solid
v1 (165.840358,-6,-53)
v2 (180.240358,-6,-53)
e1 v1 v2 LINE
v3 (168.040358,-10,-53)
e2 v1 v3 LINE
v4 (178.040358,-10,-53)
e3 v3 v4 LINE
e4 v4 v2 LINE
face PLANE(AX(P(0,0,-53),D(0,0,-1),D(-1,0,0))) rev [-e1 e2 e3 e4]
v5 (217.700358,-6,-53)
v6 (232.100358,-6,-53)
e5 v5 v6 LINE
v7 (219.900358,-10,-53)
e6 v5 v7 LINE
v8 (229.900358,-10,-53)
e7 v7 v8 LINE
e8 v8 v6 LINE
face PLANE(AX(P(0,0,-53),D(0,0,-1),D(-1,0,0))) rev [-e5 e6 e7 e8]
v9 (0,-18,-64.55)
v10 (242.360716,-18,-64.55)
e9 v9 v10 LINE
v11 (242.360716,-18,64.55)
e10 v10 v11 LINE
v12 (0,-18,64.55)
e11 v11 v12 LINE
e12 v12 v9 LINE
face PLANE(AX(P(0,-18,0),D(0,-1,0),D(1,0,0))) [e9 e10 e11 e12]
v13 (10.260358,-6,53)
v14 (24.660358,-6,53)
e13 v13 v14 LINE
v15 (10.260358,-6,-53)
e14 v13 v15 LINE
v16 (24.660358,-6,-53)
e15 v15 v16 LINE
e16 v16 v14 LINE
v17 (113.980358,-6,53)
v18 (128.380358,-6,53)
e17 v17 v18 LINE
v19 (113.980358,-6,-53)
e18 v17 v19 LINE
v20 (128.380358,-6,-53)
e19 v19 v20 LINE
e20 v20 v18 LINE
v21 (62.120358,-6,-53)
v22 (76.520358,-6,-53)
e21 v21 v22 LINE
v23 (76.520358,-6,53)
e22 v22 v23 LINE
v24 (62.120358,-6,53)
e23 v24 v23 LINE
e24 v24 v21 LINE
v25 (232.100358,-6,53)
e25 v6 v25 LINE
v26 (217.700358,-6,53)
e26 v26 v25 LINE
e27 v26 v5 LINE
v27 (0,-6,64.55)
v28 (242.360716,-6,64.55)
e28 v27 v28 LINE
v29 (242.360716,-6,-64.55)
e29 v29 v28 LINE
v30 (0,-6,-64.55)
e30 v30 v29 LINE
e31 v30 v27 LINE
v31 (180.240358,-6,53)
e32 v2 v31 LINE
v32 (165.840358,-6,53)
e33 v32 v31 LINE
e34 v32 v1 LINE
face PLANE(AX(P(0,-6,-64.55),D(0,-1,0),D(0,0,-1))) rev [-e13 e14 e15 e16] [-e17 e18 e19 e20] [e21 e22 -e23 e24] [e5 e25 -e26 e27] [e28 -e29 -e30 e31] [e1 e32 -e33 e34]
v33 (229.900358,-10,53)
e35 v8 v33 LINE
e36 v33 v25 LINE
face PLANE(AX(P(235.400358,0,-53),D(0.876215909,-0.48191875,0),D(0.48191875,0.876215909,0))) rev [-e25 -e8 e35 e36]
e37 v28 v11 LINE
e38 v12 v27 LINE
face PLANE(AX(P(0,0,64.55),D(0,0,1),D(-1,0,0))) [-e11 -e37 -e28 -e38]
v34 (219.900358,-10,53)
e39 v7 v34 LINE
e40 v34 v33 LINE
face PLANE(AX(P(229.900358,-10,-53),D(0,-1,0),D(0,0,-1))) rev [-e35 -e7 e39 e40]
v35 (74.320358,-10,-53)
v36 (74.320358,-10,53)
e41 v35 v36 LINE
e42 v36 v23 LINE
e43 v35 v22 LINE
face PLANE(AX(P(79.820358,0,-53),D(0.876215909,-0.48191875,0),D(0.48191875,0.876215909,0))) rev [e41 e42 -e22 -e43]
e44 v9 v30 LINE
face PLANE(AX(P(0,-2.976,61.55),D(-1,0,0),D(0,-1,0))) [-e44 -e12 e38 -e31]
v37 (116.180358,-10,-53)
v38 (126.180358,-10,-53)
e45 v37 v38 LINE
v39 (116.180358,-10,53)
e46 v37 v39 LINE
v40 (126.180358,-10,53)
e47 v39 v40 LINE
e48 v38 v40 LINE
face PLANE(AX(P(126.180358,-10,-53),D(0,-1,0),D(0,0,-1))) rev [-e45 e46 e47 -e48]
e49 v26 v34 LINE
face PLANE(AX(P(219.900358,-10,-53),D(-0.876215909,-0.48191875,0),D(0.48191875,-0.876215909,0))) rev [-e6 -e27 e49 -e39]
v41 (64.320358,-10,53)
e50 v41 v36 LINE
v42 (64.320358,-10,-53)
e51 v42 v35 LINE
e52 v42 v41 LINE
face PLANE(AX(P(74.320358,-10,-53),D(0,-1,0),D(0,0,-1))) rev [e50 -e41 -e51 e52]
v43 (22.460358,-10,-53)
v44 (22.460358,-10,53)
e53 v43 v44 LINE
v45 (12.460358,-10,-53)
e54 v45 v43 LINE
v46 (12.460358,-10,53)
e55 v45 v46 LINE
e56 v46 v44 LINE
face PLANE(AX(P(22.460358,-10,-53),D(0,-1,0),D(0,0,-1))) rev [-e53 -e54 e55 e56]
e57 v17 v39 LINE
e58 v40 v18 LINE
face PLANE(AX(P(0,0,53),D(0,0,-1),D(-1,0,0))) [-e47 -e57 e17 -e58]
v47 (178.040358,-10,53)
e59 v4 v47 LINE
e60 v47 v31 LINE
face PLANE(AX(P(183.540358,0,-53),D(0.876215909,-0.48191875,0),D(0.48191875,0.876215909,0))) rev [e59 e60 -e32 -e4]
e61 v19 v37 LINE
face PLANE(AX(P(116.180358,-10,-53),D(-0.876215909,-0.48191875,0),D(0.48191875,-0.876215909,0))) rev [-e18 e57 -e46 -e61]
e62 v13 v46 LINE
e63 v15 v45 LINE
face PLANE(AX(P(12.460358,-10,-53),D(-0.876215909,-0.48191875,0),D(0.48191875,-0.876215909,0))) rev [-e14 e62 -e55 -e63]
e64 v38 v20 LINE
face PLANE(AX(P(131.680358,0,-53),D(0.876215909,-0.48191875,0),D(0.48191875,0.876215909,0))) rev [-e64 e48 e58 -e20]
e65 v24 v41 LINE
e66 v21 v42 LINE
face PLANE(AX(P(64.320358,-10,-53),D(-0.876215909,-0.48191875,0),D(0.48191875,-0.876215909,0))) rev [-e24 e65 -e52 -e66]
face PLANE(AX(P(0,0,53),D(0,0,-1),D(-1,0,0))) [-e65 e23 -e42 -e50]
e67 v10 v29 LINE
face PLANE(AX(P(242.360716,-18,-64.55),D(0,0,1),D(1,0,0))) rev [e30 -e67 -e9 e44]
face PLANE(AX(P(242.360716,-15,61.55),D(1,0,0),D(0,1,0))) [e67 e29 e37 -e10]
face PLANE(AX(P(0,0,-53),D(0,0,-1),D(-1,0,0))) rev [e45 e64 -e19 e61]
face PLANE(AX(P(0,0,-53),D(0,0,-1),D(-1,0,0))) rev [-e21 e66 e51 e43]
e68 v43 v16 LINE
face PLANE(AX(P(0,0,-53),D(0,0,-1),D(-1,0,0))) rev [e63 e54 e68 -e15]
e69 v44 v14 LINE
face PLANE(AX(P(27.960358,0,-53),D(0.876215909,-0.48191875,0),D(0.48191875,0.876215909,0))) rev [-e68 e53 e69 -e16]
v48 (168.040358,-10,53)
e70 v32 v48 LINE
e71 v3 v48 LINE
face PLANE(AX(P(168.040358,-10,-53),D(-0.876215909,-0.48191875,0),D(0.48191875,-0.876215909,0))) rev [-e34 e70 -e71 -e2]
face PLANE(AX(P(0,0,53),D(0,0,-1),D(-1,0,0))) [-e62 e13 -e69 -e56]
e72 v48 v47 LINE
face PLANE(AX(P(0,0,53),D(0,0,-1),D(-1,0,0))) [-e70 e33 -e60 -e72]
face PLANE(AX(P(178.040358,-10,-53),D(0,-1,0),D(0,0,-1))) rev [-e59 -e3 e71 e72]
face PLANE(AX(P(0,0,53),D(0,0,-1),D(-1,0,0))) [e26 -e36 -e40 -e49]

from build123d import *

# Parameters (mm, degrees)
EXTRUDE_1_DEPTH     = 60
SKETCH_9_W          = 242.360715673
SKETCH_9_H          = 17.5
SKETCH_9_R          = 2.1
EXTRUDE_2_DEPTH     = 3
SKETCH_13_W         = 242.360715673
SKETCH_13_H         = 16
SKETCH_13_R         = 2.1
EXTRUDE_3_DEPTH     = 1.55
SKETCH_14_W         = 242.360715673
SKETCH_14_H         = 129.1
SKETCH_14_R         = 2.1
EXTRUDE_4_DEPTH     = 3
SKETCH_15_W         = 222.641049517
SKETCH_15_H         = 9.29970853
EXTRUDE_5_DEPTH     = 129.1
SKETCH_16_W         = 242.360715673
SKETCH_16_H         = 33.21324475
EXTRUDE_6_DEPTH     = 3
SKETCH_18_W         = 242.360715673
SKETCH_18_H         = 20.5
EXTRUDE_7_DEPTH     = 126.1
SKETCH_19_W         = 242.360715673
SKETCH_19_H         = 8.5
CUT_EXTRUDE_1_DEPTH = 276.18998256
CUT_EXTRUDE_2_DEPTH = 53


with BuildPart() as part:
    # ｽｹｯﾁ5 → ﾎﾞｽ - 押し出し1 (new body)
    with BuildSketch(Plane.XY.offset(-1.55)):
        with BuildLine():
            Line((242.360715673, -15), (242.360715673, -2.976))
            Line((242.360715673, -2.976), (240.239284327, -2.976))
            ThreePointArc((240.239284327, -2.976), (239.45348461, -2.728238301), (238.951905437, -2.074567596))
            Line((238.951905437, -2.074567596), (238.196824583, 0))
            Line((238.196824583, 0), (231.703175417, 0))
            Line((231.703175417, 0), (230.948094563, -2.074567596))
            ThreePointArc((230.948094563, -2.074567596), (230.44651539, -2.728238301), (229.660715673, -2.976))
            Line((229.660715673, -2.976), (227.539284327, -2.976))
            ThreePointArc((227.539284327, -2.976), (226.75348461, -2.728238301), (226.251905437, -2.074567596))
            Line((226.251905437, -2.074567596), (225.496824583, 0))
            Line((225.496824583, 0), (219.003175417, 0))
            Line((219.003175417, 0), (218.248094563, -2.074567596))
            ThreePointArc((218.248094563, -2.074567596), (217.74651539, -2.728238301), (216.960715673, -2.976))
            Line((216.960715673, -2.976), (214.839284327, -2.976))
            ThreePointArc((214.839284327, -2.976), (214.05348461, -2.728238301), (213.551905437, -2.074567596))
            Line((213.551905437, -2.074567596), (212.796824583, 0))
            Line((212.796824583, 0), (206.303175417, 0))
            Line((206.303175417, 0), (205.548094563, -2.074567596))
            ThreePointArc((205.548094563, -2.074567596), (205.04651539, -2.728238301), (204.260715673, -2.976))
            Line((204.260715673, -2.976), (202.139284327, -2.976))
            ThreePointArc((202.139284327, -2.976), (201.35348461, -2.728238301), (200.851905437, -2.074567596))
            Line((200.851905437, -2.074567596), (200.096824583, 0))
            Line((200.096824583, 0), (193.603175417, 0))
            Line((193.603175417, 0), (192.848094563, -2.074567596))
            ThreePointArc((192.848094563, -2.074567596), (192.34651539, -2.728238301), (191.560715673, -2.976))
            Line((191.560715673, -2.976), (189.439284327, -2.976))
            ThreePointArc((189.439284327, -2.976), (188.65348461, -2.728238301), (188.151905437, -2.074567596))
            Line((188.151905437, -2.074567596), (187.396824583, 0))
            Line((187.396824583, 0), (180.903175417, 0))
            Line((180.903175417, 0), (180.148094563, -2.074567596))
            ThreePointArc((180.148094563, -2.074567596), (179.64651539, -2.728238301), (178.860715673, -2.976))
            Line((178.860715673, -2.976), (176.739284327, -2.976))
            ThreePointArc((176.739284327, -2.976), (175.95348461, -2.728238301), (175.451905437, -2.074567596))
            Line((175.451905437, -2.074567596), (174.696824583, 0))
            Line((174.696824583, 0), (168.203175417, 0))
            Line((168.203175417, 0), (167.448094563, -2.074567596))
            ThreePointArc((167.448094563, -2.074567596), (166.94651539, -2.728238301), (166.160715673, -2.976))
            Line((166.160715673, -2.976), (164.039284327, -2.976))
            ThreePointArc((164.039284327, -2.976), (163.25348461, -2.728238301), (162.751905437, -2.074567596))
            Line((162.751905437, -2.074567596), (161.996824583, 0))
            Line((161.996824583, 0), (155.503175417, 0))
            Line((155.503175417, 0), (154.748094563, -2.074567596))
            ThreePointArc((154.748094563, -2.074567596), (154.24651539, -2.728238301), (153.460715673, -2.976))
            Line((153.460715673, -2.976), (151.339284327, -2.976))
            ThreePointArc((151.339284327, -2.976), (150.55348461, -2.728238301), (150.051905437, -2.074567596))
            Line((150.051905437, -2.074567596), (149.296824583, 0))
            Line((149.296824583, 0), (142.803175417, 0))
            Line((142.803175417, 0), (142.048094563, -2.074567596))
            ThreePointArc((142.048094563, -2.074567596), (141.54651539, -2.728238301), (140.760715673, -2.976))
            Line((140.760715673, -2.976), (138.639284327, -2.976))
            ThreePointArc((138.639284327, -2.976), (137.85348461, -2.728238301), (137.351905437, -2.074567596))
            Line((137.351905437, -2.074567596), (136.596824583, 0))
            Line((136.596824583, 0), (130.103175417, 0))
            Line((130.103175417, 0), (129.348094563, -2.074567596))
            ThreePointArc((129.348094563, -2.074567596), (128.84651539, -2.728238301), (128.060715673, -2.976))
            Line((128.060715673, -2.976), (125.939284327, -2.976))
            ThreePointArc((125.939284327, -2.976), (125.15348461, -2.728238301), (124.651905437, -2.074567596))
            Line((124.651905437, -2.074567596), (123.896824583, 0))
            Line((123.896824583, 0), (117.403175417, 0))
            Line((117.403175417, 0), (116.648094563, -2.074567596))
            ThreePointArc((116.648094563, -2.074567596), (116.14651539, -2.728238301), (115.360715673, -2.976))
            Line((115.360715673, -2.976), (113.239284327, -2.976))
            ThreePointArc((113.239284327, -2.976), (112.45348461, -2.728238301), (111.951905437, -2.074567596))
            Line((111.951905437, -2.074567596), (111.196824583, 0))
            Line((111.196824583, 0), (104.703175417, 0))
            Line((104.703175417, 0), (103.948094563, -2.074567596))
            ThreePointArc((103.948094563, -2.074567596), (103.44651539, -2.728238301), (102.660715673, -2.976))
            Line((102.660715673, -2.976), (100.539284327, -2.976))
            ThreePointArc((100.539284327, -2.976), (99.75348461, -2.728238301), (99.251905437, -2.074567596))
            Line((99.251905437, -2.074567596), (98.496824583, 0))
            Line((98.496824583, 0), (92.003175417, 0))
            Line((92.003175417, 0), (91.248094563, -2.074567596))
            ThreePointArc((91.248094563, -2.074567596), (90.74651539, -2.728238301), (89.960715673, -2.976))
            Line((89.960715673, -2.976), (87.839284327, -2.976))
            ThreePointArc((87.839284327, -2.976), (87.05348461, -2.728238301), (86.551905437, -2.074567596))
            Line((86.551905437, -2.074567596), (85.796824583, 0))
            Line((85.796824583, 0), (79.303175417, 0))
            Line((79.303175417, 0), (78.548094563, -2.074567596))
            ThreePointArc((78.548094563, -2.074567596), (78.04651539, -2.728238301), (77.260715673, -2.976))
            Line((77.260715673, -2.976), (75.139284327, -2.976))
            ThreePointArc((75.139284327, -2.976), (74.35348461, -2.728238301), (73.851905437, -2.074567596))
            Line((73.851905437, -2.074567596), (73.096824583, 0))
            Line((73.096824583, 0), (66.603175417, 0))
            Line((66.603175417, 0), (65.848094563, -2.074567596))
            ThreePointArc((65.848094563, -2.074567596), (65.34651539, -2.728238301), (64.560715673, -2.976))
            Line((64.560715673, -2.976), (62.439284327, -2.976))
            ThreePointArc((62.439284327, -2.976), (61.65348461, -2.728238301), (61.151905437, -2.074567596))
            Line((61.151905437, -2.074567596), (60.396824583, 0))
            Line((60.396824583, 0), (53.903175417, 0))
            Line((53.903175417, 0), (53.148094563, -2.074567596))
            ThreePointArc((53.148094563, -2.074567596), (52.64651539, -2.728238301), (51.860715673, -2.976))
            Line((51.860715673, -2.976), (49.739284327, -2.976))
            ThreePointArc((49.739284327, -2.976), (48.95348461, -2.728238301), (48.451905437, -2.074567596))
            Line((48.451905437, -2.074567596), (47.696824583, 0))
            Line((47.696824583, 0), (41.203175417, 0))
            Line((41.203175417, 0), (40.448094563, -2.074567596))
            ThreePointArc((40.448094563, -2.074567596), (39.94651539, -2.728238301), (39.160715673, -2.976))
            Line((39.160715673, -2.976), (37.039284327, -2.976))
            ThreePointArc((37.039284327, -2.976), (36.25348461, -2.728238301), (35.751905437, -2.074567596))
            Line((35.751905437, -2.074567596), (34.996824583, 0))
            Line((34.996824583, 0), (28.503175417, 0))
            Line((28.503175417, 0), (27.748094563, -2.074567596))
            ThreePointArc((27.748094563, -2.074567596), (27.24651539, -2.728238301), (26.460715673, -2.976))
            Line((26.460715673, -2.976), (24.339284327, -2.976))
            ThreePointArc((24.339284327, -2.976), (23.55348461, -2.728238301), (23.051905437, -2.074567596))
            Line((23.051905437, -2.074567596), (22.296824583, 0))
            Line((22.296824583, 0), (15.803175417, 0))
            Line((15.803175417, 0), (15.048094563, -2.074567596))
            ThreePointArc((15.048094563, -2.074567596), (14.54651539, -2.728238301), (13.760715673, -2.976))
            Line((13.760715673, -2.976), (11.639284327, -2.976))
            ThreePointArc((11.639284327, -2.976), (10.85348461, -2.728238301), (10.351905437, -2.074567596))
            Line((10.351905437, -2.074567596), (9.596824583, 0))
            Line((9.596824583, 0), (3.103175417, 0))
            Line((3.103175417, 0), (2.348094563, -2.074567596))
            ThreePointArc((2.348094563, -2.074567596), (1.84651539, -2.728238301), (1.060715673, -2.976))
            Line((1.060715673, -2.976), (0, -2.976))
            Line((0, -2.976), (0, -15))
            Line((0, -15), (242.360715673, -15))
        make_face()
    extrude(amount=-EXTRUDE_1_DEPTH)


with BuildPart() as body_2:
    # ｽｹｯﾁ9 → ﾎﾞｽ - 押し出し2 (new body)
    with BuildSketch(Plane(origin=(0, 0, -61.55), x_dir=(-1, 0, 0), z_dir=(0, 0, -1))):
        with Locations((-121.180357837, -6.25)):
            Rectangle(SKETCH_9_W, SKETCH_9_H)
        with Locations((-25, -7)):
            Circle(SKETCH_9_R, mode=Mode.SUBTRACT)
        with Locations((-85, -7)):
            Circle(SKETCH_9_R, mode=Mode.SUBTRACT)
        with Locations(Location((-157.360715673, -7, 0), (0, 0, 180))):
            Circle(SKETCH_9_R, mode=Mode.SUBTRACT)
        with Locations(Location((-217.360715673, -7, 0), (0, 0, 180))):
            Circle(SKETCH_9_R, mode=Mode.SUBTRACT)
    extrude(amount=EXTRUDE_2_DEPTH)


with BuildPart() as body_3:
    # ｽｹｯﾁ13 → ﾎﾞｽ - 押し出し3 (new, symmetric)
    with BuildSketch(Plane.XY):
        with Locations((121.180357837, -7)):
            Rectangle(SKETCH_13_W, SKETCH_13_H)
        with Locations(Location((85, -7, 0), (0, 0, 180))):
            Circle(SKETCH_13_R, mode=Mode.SUBTRACT)
        with Locations(Location((25, -7, 0), (0, 0, 180))):
            Circle(SKETCH_13_R, mode=Mode.SUBTRACT)
        with Locations((217.360715673, -7)):
            Circle(SKETCH_13_R, mode=Mode.SUBTRACT)
        with Locations((157.360715673, -7)):
            Circle(SKETCH_13_R, mode=Mode.SUBTRACT)
    extrude(amount=EXTRUDE_3_DEPTH, both=True)


with BuildPart() as body_4:
    # ﾐﾗｰ1: mirrored copy
    add(part.part.mirror(Plane.XY))


with BuildPart() as body_5:
    # Mirror 1 2: mirrored copy
    add(body_2.part.mirror(Plane.XY))


with BuildPart() as body_6:
    # ｽｹｯﾁ14 → ﾎﾞｽ - 押し出し4 (new body)
    with BuildSketch(Plane.XZ.offset(15)):
        with Locations((121.180357837, 0)):
            Rectangle(SKETCH_14_W, SKETCH_14_H)
        with Locations(Location((7, 31.55, 0), (0, 0, 180))):
            Circle(SKETCH_14_R, mode=Mode.SUBTRACT)
        with Locations((121.5, -31.55)):
            Circle(SKETCH_14_R, mode=Mode.SUBTRACT)
        with Locations((235.360715673, -31.55)):
            Circle(SKETCH_14_R, mode=Mode.SUBTRACT)
        with Locations((7, -31.55)):
            Circle(SKETCH_14_R, mode=Mode.SUBTRACT)
        with Locations(Location((235.360715673, 31.55, 0), (0, 0, 180))):
            Circle(SKETCH_14_R, mode=Mode.SUBTRACT)
        with Locations(Location((121.5, 31.55, 0), (0, 0, 180))):
            Circle(SKETCH_14_R, mode=Mode.SUBTRACT)
    extrude(amount=EXTRUDE_4_DEPTH)


with BuildPart() as body_4_1:
    add(body_4.part)

    # Combine 2: union part, body 5, body 6, body 3, body 2
    add(part.part)
    add(body_5.part)
    add(body_6.part)
    add(body_3.part)
    add(body_2.part)

    # ｽｹｯﾁ15 → ﾎﾞｽ - 押し出し5 (add)
    with BuildSketch(Plane(origin=(0, 0, -64.55), x_dir=(-1, 0, 0), z_dir=(0, 0, -1))):
        with Locations((-117.248229002, -7.625854265)):
            Rectangle(SKETCH_15_W, SKETCH_15_H)
    extrude(amount=-EXTRUDE_5_DEPTH)

    # ｽｹｯﾁ16 → ﾎﾞｽ - 押し出し6 (add)
    with BuildSketch(Plane.XZ.offset(18)):
        with Locations((121.180357837, 1.195676811)):
            Rectangle(SKETCH_16_W, SKETCH_16_H)
    extrude(amount=-EXTRUDE_6_DEPTH)

    # ｽｹｯﾁ18 → ﾎﾞｽ - 押し出し7 (add)
    with BuildSketch(Plane.XY.offset(64.55)):
        with Locations((121.180357837, -7.75)):
            Rectangle(SKETCH_18_W, SKETCH_18_H)
    extrude(amount=-EXTRUDE_7_DEPTH)

    # ｽｹｯﾁ19 → ｶｯﾄ - 押し出し1 (cut, through all)
    with BuildSketch(Plane.XY.offset(64.55)):
        with Locations((121.180357837, -1.75)):
            Rectangle(SKETCH_19_W, SKETCH_19_H)
    extrude(amount=-CUT_EXTRUDE_1_DEPTH, mode=Mode.SUBTRACT)

    # ｽｹｯﾁ17 → ｶｯﾄ - 押し出し2 (cut, symmetric)
    with BuildSketch(Plane.XY):
        Polygon((6.960357836, 0), (27.960357836, 0), (22.460357836, -10), (12.460357836, -10), align=None)
        Polygon((58.820357836, 0), (79.820357836, 0), (74.320357836, -10), (64.320357836, -10), align=None)
        Polygon((110.680357836, 0), (131.680357836, 0), (126.180357836, -10), (116.180357836, -10), align=None)
        Polygon((162.540357836, 0), (183.540357836, 0), (178.040357836, -10), (168.040357836, -10), align=None)
        Polygon((214.400357836, 0), (235.400357836, 0), (229.900357836, -10), (219.900357836, -10), align=None)
    extrude(amount=CUT_EXTRUDE_2_DEPTH, both=True, mode=Mode.SUBTRACT)


solid = body_4_1.part
